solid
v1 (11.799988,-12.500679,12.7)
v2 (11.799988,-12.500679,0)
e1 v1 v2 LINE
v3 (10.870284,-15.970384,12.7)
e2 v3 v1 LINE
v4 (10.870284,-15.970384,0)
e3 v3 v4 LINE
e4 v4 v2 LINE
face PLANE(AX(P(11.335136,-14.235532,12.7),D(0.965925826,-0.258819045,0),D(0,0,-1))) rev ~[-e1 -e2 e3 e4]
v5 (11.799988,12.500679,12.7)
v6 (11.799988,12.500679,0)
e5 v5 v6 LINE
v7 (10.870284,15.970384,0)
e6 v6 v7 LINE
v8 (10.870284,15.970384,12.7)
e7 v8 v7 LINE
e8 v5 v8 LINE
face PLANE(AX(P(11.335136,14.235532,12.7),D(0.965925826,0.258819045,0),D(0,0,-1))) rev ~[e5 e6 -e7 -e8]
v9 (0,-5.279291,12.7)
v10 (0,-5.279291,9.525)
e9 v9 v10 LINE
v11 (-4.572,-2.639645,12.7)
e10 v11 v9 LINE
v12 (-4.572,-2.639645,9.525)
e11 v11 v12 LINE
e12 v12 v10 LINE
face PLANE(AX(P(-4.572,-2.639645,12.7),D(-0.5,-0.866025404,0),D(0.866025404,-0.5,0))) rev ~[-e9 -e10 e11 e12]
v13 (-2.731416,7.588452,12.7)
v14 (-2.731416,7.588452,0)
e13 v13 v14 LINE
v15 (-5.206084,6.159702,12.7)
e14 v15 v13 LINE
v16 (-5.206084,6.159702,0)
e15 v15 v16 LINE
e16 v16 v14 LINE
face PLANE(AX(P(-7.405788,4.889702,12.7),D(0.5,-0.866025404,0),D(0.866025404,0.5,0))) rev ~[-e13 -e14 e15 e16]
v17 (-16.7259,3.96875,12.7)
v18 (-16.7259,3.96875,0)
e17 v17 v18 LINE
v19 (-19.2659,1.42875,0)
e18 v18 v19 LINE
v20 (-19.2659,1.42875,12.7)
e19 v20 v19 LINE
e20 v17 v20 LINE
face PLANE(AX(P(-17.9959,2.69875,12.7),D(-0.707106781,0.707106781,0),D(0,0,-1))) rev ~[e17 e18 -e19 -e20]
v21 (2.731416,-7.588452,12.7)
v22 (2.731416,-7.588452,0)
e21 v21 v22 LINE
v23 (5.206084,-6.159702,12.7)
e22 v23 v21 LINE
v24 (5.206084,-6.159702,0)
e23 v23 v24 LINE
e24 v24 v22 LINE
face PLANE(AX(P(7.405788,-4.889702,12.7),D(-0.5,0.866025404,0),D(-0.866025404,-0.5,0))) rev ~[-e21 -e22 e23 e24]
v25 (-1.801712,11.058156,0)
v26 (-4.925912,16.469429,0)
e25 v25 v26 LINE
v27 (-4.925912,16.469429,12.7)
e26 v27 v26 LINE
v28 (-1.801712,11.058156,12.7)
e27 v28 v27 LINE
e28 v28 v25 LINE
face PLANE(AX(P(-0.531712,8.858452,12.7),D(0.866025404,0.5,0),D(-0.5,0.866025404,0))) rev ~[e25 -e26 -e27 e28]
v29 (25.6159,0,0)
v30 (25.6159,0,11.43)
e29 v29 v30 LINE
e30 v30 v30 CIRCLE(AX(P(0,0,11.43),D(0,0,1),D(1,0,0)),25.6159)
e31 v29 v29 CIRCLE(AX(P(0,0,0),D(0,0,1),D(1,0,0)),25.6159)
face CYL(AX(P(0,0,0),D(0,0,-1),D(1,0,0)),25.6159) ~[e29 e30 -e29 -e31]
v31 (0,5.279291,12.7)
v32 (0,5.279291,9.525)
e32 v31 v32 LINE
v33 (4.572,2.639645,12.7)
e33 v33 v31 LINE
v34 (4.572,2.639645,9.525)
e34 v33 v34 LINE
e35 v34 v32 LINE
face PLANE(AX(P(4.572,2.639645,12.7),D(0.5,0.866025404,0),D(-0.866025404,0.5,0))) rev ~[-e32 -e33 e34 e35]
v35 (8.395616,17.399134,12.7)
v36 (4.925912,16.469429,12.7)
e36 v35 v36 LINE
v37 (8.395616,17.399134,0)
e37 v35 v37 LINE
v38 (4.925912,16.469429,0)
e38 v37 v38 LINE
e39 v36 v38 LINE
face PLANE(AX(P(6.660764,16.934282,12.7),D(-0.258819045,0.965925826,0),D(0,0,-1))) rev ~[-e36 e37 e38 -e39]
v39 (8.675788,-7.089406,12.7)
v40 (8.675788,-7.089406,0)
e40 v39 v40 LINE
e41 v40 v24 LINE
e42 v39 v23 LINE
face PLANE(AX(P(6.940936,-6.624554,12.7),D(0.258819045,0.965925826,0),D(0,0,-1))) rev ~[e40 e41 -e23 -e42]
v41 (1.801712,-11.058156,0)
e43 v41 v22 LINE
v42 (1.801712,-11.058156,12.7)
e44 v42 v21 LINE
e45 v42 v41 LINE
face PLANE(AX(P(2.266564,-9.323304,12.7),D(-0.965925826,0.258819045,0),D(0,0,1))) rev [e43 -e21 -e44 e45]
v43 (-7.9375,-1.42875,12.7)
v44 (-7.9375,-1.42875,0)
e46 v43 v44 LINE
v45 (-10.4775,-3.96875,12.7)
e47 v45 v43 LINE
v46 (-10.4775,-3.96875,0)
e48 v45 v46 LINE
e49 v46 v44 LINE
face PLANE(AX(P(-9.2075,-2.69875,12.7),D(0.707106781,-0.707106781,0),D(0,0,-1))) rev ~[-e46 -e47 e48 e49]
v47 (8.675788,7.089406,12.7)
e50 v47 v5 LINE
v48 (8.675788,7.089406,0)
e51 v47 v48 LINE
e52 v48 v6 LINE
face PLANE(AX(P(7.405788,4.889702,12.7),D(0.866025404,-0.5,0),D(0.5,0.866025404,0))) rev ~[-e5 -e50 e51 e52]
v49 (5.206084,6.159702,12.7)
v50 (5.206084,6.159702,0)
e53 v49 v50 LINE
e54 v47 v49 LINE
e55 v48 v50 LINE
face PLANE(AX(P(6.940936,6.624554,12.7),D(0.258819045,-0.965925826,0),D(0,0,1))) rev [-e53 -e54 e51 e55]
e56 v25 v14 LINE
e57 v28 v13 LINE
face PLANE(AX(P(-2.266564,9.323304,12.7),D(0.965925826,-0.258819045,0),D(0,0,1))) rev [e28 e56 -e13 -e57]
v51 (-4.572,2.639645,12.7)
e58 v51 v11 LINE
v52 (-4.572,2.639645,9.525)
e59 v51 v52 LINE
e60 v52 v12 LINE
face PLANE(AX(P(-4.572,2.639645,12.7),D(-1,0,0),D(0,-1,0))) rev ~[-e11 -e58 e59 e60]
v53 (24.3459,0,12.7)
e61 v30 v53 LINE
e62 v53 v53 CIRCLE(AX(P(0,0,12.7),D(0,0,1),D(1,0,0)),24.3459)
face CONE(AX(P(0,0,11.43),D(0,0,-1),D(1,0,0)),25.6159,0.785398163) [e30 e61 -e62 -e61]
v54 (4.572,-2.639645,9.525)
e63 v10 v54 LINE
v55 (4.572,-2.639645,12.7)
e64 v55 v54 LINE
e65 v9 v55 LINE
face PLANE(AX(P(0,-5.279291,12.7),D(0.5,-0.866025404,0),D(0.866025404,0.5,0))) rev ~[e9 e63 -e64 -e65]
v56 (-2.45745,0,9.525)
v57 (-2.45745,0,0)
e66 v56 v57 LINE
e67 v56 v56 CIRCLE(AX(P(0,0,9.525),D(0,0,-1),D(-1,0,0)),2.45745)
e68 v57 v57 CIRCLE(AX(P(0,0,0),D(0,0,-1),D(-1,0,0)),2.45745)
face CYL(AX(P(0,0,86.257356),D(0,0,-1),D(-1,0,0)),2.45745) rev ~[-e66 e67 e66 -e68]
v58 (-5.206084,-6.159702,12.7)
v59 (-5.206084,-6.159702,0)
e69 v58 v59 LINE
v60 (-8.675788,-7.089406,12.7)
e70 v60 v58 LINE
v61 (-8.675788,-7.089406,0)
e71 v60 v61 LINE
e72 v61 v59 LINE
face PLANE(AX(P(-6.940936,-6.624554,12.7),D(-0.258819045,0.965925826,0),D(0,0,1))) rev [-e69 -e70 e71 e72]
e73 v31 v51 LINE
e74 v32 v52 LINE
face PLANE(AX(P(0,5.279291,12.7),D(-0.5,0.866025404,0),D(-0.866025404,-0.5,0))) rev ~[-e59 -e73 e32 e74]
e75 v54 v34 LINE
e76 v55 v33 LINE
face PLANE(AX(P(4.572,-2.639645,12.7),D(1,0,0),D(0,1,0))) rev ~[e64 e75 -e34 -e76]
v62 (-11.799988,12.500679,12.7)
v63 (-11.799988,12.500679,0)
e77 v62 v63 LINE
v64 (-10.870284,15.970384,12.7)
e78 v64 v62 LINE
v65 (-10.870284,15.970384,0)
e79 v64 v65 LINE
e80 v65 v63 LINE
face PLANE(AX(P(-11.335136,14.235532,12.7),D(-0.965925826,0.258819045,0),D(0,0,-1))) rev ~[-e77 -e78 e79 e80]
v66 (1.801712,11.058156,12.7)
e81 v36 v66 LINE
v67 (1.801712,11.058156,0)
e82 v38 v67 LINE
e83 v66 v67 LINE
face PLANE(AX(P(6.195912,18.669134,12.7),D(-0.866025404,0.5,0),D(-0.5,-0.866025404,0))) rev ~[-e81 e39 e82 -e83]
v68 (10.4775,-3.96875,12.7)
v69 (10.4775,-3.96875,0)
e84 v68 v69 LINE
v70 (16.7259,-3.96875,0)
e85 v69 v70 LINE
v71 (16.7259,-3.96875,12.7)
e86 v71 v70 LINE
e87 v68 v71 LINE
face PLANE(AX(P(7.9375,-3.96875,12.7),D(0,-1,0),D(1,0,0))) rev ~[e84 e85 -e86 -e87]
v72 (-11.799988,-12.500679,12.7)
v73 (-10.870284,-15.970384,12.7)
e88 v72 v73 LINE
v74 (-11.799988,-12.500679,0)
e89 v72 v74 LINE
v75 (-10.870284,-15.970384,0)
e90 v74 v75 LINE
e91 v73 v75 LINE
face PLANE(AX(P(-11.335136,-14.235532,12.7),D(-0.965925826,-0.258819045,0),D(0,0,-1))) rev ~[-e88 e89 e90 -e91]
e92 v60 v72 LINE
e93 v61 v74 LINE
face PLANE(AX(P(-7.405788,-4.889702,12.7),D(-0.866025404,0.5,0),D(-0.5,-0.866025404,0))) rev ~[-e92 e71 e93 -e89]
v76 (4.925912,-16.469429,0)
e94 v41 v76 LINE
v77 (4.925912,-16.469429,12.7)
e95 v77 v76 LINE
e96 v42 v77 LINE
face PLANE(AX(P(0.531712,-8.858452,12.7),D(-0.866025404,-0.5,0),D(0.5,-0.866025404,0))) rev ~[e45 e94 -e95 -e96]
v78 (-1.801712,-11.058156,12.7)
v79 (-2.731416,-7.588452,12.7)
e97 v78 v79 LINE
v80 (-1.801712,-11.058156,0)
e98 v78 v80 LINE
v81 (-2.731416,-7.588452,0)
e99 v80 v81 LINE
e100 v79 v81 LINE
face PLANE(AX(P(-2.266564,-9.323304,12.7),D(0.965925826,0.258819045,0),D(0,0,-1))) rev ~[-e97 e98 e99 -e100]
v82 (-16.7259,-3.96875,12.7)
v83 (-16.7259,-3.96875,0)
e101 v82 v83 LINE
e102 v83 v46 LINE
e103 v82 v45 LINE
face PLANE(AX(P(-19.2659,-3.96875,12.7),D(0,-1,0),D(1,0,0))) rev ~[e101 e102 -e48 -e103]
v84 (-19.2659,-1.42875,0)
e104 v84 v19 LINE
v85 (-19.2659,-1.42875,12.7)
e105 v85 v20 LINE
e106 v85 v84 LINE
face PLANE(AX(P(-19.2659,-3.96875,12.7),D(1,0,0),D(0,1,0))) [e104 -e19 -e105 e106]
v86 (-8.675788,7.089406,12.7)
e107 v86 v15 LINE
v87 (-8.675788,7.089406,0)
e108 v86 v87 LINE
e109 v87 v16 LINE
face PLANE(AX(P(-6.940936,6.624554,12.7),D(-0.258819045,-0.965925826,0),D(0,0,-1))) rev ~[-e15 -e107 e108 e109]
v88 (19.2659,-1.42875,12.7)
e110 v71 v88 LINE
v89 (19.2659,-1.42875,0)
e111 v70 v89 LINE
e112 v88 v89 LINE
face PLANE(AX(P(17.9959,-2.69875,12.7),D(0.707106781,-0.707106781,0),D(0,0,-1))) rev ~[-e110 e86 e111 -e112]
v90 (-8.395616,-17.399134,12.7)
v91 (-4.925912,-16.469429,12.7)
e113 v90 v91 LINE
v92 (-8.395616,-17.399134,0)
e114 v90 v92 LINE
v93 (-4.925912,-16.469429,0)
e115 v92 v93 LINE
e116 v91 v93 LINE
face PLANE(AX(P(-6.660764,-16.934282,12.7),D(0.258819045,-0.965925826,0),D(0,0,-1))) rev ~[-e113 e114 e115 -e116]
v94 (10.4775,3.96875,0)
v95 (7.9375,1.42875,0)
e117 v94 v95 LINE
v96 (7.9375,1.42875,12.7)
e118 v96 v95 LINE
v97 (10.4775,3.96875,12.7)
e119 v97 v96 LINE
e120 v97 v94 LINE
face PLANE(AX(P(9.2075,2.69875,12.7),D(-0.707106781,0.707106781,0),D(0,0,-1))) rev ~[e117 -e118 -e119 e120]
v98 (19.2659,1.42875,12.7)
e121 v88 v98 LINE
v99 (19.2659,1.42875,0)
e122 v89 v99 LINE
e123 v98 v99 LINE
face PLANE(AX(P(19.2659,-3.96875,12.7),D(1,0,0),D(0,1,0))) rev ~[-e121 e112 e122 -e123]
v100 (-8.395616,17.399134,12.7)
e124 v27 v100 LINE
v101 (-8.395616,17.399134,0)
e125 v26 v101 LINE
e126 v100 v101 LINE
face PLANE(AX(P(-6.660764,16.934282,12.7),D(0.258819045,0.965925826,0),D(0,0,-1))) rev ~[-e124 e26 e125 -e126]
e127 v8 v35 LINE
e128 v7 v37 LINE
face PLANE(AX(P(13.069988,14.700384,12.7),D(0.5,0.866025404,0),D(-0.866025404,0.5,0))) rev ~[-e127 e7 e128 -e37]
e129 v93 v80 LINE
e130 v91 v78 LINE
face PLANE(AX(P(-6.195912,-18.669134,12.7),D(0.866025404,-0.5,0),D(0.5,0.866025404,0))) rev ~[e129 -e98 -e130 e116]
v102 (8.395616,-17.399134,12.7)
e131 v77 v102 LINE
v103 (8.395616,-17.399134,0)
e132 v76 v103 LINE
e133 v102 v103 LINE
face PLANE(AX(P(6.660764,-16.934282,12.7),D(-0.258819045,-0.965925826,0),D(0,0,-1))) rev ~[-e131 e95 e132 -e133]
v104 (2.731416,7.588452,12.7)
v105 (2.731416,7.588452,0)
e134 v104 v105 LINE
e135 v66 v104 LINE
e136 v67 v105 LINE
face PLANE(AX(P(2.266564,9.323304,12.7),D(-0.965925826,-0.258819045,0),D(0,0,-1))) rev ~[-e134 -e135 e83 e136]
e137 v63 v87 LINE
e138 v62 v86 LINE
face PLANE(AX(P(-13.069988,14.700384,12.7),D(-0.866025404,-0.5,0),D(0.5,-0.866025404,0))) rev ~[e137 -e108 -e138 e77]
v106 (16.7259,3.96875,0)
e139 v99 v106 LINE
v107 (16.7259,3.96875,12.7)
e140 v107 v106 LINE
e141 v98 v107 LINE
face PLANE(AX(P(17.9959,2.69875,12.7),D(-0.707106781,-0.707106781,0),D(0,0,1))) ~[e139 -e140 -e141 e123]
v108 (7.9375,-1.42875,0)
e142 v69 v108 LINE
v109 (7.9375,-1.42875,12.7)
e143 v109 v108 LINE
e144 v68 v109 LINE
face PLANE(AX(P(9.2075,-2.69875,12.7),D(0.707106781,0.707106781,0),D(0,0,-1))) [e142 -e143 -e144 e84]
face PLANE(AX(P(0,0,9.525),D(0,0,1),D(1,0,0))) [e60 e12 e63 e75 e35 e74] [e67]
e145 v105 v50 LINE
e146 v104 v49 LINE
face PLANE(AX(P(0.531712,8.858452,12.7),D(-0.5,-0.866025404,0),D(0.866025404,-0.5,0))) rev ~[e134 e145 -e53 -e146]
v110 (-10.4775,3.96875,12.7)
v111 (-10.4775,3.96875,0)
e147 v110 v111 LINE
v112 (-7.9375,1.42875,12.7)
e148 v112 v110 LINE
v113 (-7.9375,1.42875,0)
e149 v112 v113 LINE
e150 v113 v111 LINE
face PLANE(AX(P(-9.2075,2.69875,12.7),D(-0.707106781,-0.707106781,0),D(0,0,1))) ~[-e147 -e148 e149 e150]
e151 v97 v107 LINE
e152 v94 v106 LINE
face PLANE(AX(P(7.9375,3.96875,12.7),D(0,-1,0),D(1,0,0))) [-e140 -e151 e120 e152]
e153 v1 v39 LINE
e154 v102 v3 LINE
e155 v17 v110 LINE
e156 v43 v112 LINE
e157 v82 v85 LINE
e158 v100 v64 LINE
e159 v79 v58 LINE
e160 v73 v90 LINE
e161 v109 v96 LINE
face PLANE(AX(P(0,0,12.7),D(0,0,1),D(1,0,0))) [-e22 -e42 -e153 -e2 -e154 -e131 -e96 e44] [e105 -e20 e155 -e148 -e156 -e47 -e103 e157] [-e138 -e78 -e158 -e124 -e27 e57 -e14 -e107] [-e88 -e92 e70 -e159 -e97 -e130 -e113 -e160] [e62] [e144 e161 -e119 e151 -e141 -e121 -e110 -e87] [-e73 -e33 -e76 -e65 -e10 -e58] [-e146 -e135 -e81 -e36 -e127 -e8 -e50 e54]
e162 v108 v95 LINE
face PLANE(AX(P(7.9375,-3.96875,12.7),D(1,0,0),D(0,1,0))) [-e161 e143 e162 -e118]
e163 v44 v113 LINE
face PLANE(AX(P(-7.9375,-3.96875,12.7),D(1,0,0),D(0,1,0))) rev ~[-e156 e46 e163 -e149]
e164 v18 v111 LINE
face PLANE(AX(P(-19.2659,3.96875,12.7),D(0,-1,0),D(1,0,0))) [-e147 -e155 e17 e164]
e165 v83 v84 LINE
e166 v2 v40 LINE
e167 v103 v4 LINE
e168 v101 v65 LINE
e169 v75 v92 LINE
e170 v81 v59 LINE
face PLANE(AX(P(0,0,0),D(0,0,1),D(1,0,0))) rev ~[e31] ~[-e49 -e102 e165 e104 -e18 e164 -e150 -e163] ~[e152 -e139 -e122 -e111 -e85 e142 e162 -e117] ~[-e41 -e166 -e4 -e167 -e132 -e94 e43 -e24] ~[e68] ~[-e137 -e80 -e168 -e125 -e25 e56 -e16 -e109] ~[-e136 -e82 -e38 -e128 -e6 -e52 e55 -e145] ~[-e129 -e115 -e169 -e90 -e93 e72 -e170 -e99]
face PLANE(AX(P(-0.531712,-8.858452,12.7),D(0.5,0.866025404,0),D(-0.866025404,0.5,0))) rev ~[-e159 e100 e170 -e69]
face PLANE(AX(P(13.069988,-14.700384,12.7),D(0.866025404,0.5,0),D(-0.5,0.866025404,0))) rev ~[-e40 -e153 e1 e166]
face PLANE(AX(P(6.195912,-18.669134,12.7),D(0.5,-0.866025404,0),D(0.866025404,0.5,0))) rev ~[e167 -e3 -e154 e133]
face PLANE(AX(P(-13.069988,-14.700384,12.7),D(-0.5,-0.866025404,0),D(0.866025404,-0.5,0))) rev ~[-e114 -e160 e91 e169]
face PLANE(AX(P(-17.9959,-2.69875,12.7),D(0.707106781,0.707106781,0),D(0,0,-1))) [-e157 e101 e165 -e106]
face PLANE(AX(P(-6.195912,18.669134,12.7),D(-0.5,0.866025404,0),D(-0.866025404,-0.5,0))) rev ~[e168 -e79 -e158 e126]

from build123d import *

# Parameters (mm, degrees)
SKETCH1_R               = 25.6159
BOSS_EXTRUDE1_DEPTH     = 12.7
CHAMFER1_SIZE           = 1.27
CUT_EXTRUDE1_DEPTH      = 3.175
F_8_CLEARANCE_HOLE1_D   = 4.9149
SKETCH5_W               = 11.3284
SKETCH5_H               = 7.9375
CUT_EXTRUDE_THIN1_DEPTH = 13.7
CHAMFER2_SIZE           = 2.54


with BuildPart() as part:
    # Sketch1 → Boss-Extrude1 (new body)
    with BuildSketch(Plane.XY):
        Circle(SKETCH1_R)
    extrude(amount=BOSS_EXTRUDE1_DEPTH)

    # Chamfer1
    chamfer1_edges = [part.edges().sort_by_distance(p)[0] for p in [
        (-25.6159, 0, 12.7),
    ]]
    chamfer(chamfer1_edges, length=CHAMFER1_SIZE)

    # Sketch2 → Cut-Extrude1 (cut)
    with BuildSketch(Plane.XY.offset(12.7)):
        Polygon((-4.572, -2.639645431), (0, -5.279290861), (4.572, -2.639645431), (4.572, 2.639645431), (0, 5.279290861), (-4.572, 2.639645431), align=None)
    extrude(amount=-CUT_EXTRUDE1_DEPTH, mode=Mode.SUBTRACT)

    # #8 Clearance Hole1 (through all)
    with Locations(Plane.XY.offset(12.7)):
        with Locations((0, 0)):
            Hole(F_8_CLEARANCE_HOLE1_D / 2)

    # Sketch5 → Cut-Extrude-Thin1 (cut, through all)
    with BuildSketch(Plane.XY.offset(12.7)):
        Polygon((-7.405788321, -4.889701643), (-13.069988321, -14.700383827), (-6.195911679, -18.669133827), (-0.531711679, -8.858451643), align=None)
        with Locations((-13.6017, 0)):
            Rectangle(SKETCH5_W, SKETCH5_H)
        Polygon((-0.531711679, 8.858451643), (-6.195911679, 18.669133827), (-13.069988321, 14.700383827), (-7.405788321, 4.889701643), align=None)
        Polygon((7.405788321, 4.889701643), (13.069988321, 14.700383827), (6.195911679, 18.669133827), (0.531711679, 8.858451643), align=None)
        with Locations((13.6017, 0)):
            Rectangle(SKETCH5_W, SKETCH5_H)
        Polygon((0.531711679, -8.858451643), (6.195911679, -18.669133827), (13.069988321, -14.700383827), (7.405788321, -4.889701643), align=None)
    extrude(amount=-CUT_EXTRUDE_THIN1_DEPTH, mode=Mode.SUBTRACT)

    # Chamfer2
    chamfer2_edges = [part.edges().sort_by_distance(p)[0] for p in [
        (6.195911679, -18.669133827, 6.35),
        (0.531711679, -8.858451643, 6.35),
        (7.405788321, -4.889701643, 6.35),
        (13.069988321, -14.700383827, 6.35),
        (19.2659, -3.96875, 6.35),
        (7.9375, -3.96875, 6.35),
        (7.9375, 3.96875, 6.35),
        (19.2659, 3.96875, 6.35),
        (13.069988321, 14.700383827, 6.35),
        (7.405788321, 4.889701643, 6.35),
        (0.531711679, 8.858451643, 6.35),
        (6.195911679, 18.669133827, 6.35),
        (-6.195911679, 18.669133827, 6.35),
        (-0.531711679, 8.858451643, 6.35),
        (-7.405788321, 4.889701643, 6.35),
        (-13.069988321, 14.700383827, 6.35),
        (-19.2659, 3.96875, 6.35),
        (-7.9375, 3.96875, 6.35),
        (-7.9375, -3.96875, 6.35),
        (-19.2659, -3.96875, 6.35),
        (-13.069988321, -14.700383827, 6.35),
        (-7.405788321, -4.889701643, 6.35),
        (-0.531711679, -8.858451643, 6.35),
        (-6.195911679, -18.669133827, 6.35),
    ]]
    chamfer(chamfer2_edges, length=CHAMFER2_SIZE)


solid = part.part
